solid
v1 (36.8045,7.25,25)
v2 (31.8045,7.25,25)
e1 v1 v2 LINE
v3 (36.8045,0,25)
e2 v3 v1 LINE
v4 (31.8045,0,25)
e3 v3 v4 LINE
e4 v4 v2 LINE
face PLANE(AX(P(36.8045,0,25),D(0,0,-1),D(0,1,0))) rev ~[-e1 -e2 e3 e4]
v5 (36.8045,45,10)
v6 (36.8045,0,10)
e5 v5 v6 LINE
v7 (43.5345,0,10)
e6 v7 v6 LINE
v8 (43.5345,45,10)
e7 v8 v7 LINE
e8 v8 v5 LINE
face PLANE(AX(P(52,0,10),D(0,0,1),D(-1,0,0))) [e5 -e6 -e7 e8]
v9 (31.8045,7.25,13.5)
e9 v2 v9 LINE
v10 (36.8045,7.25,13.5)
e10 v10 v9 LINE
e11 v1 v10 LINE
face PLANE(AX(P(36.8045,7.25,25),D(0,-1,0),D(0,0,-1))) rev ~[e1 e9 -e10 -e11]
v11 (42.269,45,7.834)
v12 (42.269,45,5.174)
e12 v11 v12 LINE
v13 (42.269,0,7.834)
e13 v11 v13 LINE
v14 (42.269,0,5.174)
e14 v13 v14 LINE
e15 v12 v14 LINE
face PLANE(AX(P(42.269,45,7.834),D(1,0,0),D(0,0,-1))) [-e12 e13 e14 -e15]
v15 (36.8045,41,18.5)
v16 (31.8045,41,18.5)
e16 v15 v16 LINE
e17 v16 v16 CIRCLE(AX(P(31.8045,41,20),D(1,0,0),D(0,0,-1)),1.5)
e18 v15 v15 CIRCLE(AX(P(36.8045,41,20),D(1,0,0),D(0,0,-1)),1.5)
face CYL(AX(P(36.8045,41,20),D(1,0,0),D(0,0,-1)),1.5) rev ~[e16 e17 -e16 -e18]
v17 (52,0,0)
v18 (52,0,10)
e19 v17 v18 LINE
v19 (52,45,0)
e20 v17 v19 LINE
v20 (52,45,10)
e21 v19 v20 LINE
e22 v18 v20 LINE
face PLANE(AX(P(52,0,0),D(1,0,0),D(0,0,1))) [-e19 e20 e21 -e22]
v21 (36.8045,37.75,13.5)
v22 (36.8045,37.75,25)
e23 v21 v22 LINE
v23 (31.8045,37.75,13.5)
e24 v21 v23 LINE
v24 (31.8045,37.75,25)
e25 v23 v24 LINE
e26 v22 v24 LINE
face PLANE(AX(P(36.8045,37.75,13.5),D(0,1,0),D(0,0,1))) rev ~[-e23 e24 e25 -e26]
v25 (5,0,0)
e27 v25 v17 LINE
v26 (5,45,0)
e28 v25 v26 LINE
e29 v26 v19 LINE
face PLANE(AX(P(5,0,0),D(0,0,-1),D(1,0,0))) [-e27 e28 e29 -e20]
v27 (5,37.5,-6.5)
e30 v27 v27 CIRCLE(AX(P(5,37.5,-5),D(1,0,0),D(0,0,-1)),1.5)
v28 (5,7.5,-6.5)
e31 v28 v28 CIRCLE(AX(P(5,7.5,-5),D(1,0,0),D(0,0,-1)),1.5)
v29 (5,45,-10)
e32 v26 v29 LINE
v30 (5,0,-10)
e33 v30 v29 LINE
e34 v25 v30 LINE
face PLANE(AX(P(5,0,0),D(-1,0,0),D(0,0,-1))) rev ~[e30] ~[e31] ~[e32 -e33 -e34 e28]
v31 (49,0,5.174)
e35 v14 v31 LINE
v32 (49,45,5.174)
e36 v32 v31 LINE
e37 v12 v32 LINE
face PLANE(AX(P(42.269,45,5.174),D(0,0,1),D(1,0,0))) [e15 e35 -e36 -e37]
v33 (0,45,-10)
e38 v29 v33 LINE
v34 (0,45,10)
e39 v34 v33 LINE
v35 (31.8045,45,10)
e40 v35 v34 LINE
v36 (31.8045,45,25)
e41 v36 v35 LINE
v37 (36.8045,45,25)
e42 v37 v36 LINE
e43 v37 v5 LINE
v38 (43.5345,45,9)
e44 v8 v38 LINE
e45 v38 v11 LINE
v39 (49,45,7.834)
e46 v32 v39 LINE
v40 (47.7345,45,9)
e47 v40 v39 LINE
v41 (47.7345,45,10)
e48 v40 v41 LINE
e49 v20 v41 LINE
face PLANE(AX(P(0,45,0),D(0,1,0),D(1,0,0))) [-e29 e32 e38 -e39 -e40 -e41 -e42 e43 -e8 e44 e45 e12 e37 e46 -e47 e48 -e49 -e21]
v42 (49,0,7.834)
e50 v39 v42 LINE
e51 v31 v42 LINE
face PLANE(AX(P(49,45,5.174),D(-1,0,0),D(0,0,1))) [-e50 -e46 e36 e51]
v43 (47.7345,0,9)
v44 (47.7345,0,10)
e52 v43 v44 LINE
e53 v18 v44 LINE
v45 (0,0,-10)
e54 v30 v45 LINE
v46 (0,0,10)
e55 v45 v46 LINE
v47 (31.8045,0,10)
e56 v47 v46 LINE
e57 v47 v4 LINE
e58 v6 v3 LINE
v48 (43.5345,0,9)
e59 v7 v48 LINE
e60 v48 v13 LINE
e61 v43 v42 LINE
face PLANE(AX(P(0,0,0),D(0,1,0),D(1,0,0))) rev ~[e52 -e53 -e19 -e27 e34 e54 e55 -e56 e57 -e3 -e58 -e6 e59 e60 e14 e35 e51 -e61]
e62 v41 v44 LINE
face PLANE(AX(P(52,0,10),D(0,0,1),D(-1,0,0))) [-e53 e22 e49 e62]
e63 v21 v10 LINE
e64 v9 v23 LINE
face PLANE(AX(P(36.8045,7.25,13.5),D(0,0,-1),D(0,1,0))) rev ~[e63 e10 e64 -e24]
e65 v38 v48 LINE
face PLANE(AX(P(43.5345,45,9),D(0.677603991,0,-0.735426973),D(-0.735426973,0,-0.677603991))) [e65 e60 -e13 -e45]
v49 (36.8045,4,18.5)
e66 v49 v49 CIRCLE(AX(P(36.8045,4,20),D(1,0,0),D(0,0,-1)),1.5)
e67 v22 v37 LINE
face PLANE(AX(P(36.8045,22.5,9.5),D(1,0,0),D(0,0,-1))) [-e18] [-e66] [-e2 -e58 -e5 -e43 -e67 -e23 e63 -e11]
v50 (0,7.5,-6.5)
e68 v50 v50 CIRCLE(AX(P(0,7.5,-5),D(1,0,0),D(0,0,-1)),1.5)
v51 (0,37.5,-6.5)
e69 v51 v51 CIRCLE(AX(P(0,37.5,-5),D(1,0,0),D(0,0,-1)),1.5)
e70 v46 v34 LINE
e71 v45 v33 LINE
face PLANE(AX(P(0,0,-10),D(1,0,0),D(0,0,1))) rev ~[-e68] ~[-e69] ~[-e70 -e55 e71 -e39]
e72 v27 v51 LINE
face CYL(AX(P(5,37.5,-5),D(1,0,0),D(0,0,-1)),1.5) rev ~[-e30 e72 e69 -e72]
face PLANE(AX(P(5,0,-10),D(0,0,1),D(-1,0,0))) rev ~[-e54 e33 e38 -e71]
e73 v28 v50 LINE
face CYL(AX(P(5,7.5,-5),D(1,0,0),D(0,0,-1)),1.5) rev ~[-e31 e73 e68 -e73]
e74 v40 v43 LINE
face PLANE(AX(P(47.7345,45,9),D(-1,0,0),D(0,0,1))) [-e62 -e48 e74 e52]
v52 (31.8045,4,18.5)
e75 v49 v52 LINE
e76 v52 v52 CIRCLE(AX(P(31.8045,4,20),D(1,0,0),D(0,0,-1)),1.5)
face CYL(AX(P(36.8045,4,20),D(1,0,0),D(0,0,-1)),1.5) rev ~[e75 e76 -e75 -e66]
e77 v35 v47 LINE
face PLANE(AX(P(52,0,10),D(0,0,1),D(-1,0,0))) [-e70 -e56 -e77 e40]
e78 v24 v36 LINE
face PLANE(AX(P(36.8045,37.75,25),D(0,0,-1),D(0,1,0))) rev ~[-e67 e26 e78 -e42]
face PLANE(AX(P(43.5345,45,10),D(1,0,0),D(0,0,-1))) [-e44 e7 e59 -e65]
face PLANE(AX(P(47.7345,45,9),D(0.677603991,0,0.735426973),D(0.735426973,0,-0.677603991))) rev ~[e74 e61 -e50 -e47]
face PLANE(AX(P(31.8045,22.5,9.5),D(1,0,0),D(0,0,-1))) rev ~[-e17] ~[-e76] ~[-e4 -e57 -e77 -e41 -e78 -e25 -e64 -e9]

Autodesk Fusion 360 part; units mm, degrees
sketch "Sketch1" plane through (0, 0, 0) normal (0, 1, 0) x (1, 0, 0)
  line L0 (0, 0) -> (52, 0)
  line L1 (52, 0) -> (52, -10)
  line L2 (52, -10) -> (0, -10)
  line L3 (0, -10) -> (0, 0)
  line L4 (0, 0) -> (5, 0)
  line L5 (5, 0) -> (5, 10)
  line L6 (5, 10) -> (0, 10)
  line L7 (0, 10) -> (0, 0)
  dimension "d1" = 52
  dimension "d2" = 10
  dimension "d3" = 5
  dimension "d4" = 10
extrude "Extrude1" add sketch "Sketch1" along normal blind 45
sketch "Sketch2" plane through (0, 45, 0) normal (0, 1, 0) x (-1, 0, 0)
  line L0 (-5, 0) -> (-5, -10)
  line L1 (-5, -10) -> (0, -10)
  line L2 (0, -10) -> (0, 10)
  line L3 (0, 10) -> (-52, 10)
  line L4 (-52, 10) -> (-52, 0)
  line L5 (-52, 0) -> (-5, 0)
  line L6 (-49, 7.834) -> (-42.269, 7.834)
  line L7 (-42.269, 7.834) -> (-42.269, 5.174)
  line L8 (-42.269, 5.174) -> (-49, 5.174)
  line L9 (-49, 5.174) -> (-49, 7.834)
  line L10 (-49, 7.834) -> (-42.269, 5.174) construction
  line L11 (-42.269, 7.834) -> (-49, 5.174) construction
  line L12 (-47.7345, 10) -> (-43.5345, 10)
  line L13 (-43.5345, 10) -> (-43.5345, 9)
  line L14 (-43.5345, 9) -> (-47.7345, 9)
  line L15 (-47.7345, 9) -> (-47.7345, 10)
  line L16 (-47.7345, 10) -> (-43.5345, 9) construction
  line L17 (-43.5345, 10) -> (-47.7345, 9) construction
  line L18 (-47.7345, 9) -> (-49, 7.834)
  line L19 (-43.5345, 9) -> (-42.269, 7.834)
  line L20 (-45.6345, 6.504) -> (-45.6345, 9.5)
  point P0 (-45.6345, 6.504)
  point P1 (-45.6345, 9.5)
  dimension "rail_upper_part_depth" = 1
  dimension "rail_upper_part_width" = 4.2
  dimension "rail_depth" = 4.826
  dimension "rail_base_depth" = 2.66
  dimension "rail_edge_position" = 3
  dimension "rail_base_width" = 6.731
extrude "Extrude2" cut sketch "Sketch2" against normal up to surface (45 mm away) contours L3 L12 L13 L14 L15 | L6 L14 L18 L20 | L6 L14 L19 L20 | L6 L7 L8 L9
ref_plane "WorkPlane1" through (36.8045, 22.5, 9.5) normal (1, 0, 0) x (0, 0, 1)
sketch "Sketch3" plane through (36.8045, 22.5, 9.5) normal (1, 0, 0) x (0, 0, -1)
  line L0 (-0.5, -22.5) -> (-15.5, -22.5)
  line L1 (-15.5, -22.5) -> (-15.5, 22.5)
  line L2 (-15.5, 22.5) -> (-0.5, 22.5)
  line L3 (-0.5, 22.5) -> (-0.5, -22.5)
  line L4 (-0.5, 22.5) -> (9.5, 22.5)
  line L5 (9.5, -22.5) -> (-0.5, -22.5)
  line L6 (-0.5, -22.5) -> (-0.5, 22.5)
  line L7 (-15.5, -15.25) -> (-4, -15.25)
  line L8 (-4, -15.25) -> (-4, 15.25)
  line L9 (-4, 15.25) -> (-15.5, 15.25)
  line L10 (-15.5, 15.25) -> (-15.5, -15.25)
  line L11 (-15.5, -15.25) -> (-4, 15.25) construction
  line L12 (-4, -15.25) -> (-15.5, 15.25) construction
  circle A0 centre (-10.5, -18.5) radius 1.5
  line L13 (-15.5, 0) -> (-4, 0)
  circle A1 centre (-10.5, 18.5) radius 1.5
  point P0 (-9.75, 0)
  dimension "moto_holder_frae_length" = 15
  dimension "motor_width_space" = 30.5
  dimension "d22" = 22.5
  dimension "d23" = 37
  dimension "d25" = 3
  dimension "holes_from_surface2" = 10
  dimension "d27" = 3.5
extrude "Extrude3" add sketch "Sketch3" against normal blind 5 contours L0 L1 L2 L3 L6 L7 L8 L9
sketch "Sketch4" plane through (5, 0, 0) normal (1, 0, 0) x (0, 0, -1)
  line L0 (0, 0) -> (10, 0)
  line L1 (10, 0) -> (10, 45)
  line L2 (10, 45) -> (0, 45)
  line L3 (0, 45) -> (0, 0)
  line L4 (10, 22.5) -> (0, 22.5)
  circle A0 centre (5, 37.5) radius 1.5
  circle A1 centre (5, 7.5) radius 1.5
  dimension "d30" = 3
  dimension "d31" = 5
  dimension "d32" = 30
extrude "Extrude4" cut sketch "Sketch4" against normal up to surface (5 mm away) contours A0 | A1
equation "d5 = 45 mm"
equation "motor_holder_from_rail_edge = -6.73 mm"
equation "d22 = d5 / 2"
